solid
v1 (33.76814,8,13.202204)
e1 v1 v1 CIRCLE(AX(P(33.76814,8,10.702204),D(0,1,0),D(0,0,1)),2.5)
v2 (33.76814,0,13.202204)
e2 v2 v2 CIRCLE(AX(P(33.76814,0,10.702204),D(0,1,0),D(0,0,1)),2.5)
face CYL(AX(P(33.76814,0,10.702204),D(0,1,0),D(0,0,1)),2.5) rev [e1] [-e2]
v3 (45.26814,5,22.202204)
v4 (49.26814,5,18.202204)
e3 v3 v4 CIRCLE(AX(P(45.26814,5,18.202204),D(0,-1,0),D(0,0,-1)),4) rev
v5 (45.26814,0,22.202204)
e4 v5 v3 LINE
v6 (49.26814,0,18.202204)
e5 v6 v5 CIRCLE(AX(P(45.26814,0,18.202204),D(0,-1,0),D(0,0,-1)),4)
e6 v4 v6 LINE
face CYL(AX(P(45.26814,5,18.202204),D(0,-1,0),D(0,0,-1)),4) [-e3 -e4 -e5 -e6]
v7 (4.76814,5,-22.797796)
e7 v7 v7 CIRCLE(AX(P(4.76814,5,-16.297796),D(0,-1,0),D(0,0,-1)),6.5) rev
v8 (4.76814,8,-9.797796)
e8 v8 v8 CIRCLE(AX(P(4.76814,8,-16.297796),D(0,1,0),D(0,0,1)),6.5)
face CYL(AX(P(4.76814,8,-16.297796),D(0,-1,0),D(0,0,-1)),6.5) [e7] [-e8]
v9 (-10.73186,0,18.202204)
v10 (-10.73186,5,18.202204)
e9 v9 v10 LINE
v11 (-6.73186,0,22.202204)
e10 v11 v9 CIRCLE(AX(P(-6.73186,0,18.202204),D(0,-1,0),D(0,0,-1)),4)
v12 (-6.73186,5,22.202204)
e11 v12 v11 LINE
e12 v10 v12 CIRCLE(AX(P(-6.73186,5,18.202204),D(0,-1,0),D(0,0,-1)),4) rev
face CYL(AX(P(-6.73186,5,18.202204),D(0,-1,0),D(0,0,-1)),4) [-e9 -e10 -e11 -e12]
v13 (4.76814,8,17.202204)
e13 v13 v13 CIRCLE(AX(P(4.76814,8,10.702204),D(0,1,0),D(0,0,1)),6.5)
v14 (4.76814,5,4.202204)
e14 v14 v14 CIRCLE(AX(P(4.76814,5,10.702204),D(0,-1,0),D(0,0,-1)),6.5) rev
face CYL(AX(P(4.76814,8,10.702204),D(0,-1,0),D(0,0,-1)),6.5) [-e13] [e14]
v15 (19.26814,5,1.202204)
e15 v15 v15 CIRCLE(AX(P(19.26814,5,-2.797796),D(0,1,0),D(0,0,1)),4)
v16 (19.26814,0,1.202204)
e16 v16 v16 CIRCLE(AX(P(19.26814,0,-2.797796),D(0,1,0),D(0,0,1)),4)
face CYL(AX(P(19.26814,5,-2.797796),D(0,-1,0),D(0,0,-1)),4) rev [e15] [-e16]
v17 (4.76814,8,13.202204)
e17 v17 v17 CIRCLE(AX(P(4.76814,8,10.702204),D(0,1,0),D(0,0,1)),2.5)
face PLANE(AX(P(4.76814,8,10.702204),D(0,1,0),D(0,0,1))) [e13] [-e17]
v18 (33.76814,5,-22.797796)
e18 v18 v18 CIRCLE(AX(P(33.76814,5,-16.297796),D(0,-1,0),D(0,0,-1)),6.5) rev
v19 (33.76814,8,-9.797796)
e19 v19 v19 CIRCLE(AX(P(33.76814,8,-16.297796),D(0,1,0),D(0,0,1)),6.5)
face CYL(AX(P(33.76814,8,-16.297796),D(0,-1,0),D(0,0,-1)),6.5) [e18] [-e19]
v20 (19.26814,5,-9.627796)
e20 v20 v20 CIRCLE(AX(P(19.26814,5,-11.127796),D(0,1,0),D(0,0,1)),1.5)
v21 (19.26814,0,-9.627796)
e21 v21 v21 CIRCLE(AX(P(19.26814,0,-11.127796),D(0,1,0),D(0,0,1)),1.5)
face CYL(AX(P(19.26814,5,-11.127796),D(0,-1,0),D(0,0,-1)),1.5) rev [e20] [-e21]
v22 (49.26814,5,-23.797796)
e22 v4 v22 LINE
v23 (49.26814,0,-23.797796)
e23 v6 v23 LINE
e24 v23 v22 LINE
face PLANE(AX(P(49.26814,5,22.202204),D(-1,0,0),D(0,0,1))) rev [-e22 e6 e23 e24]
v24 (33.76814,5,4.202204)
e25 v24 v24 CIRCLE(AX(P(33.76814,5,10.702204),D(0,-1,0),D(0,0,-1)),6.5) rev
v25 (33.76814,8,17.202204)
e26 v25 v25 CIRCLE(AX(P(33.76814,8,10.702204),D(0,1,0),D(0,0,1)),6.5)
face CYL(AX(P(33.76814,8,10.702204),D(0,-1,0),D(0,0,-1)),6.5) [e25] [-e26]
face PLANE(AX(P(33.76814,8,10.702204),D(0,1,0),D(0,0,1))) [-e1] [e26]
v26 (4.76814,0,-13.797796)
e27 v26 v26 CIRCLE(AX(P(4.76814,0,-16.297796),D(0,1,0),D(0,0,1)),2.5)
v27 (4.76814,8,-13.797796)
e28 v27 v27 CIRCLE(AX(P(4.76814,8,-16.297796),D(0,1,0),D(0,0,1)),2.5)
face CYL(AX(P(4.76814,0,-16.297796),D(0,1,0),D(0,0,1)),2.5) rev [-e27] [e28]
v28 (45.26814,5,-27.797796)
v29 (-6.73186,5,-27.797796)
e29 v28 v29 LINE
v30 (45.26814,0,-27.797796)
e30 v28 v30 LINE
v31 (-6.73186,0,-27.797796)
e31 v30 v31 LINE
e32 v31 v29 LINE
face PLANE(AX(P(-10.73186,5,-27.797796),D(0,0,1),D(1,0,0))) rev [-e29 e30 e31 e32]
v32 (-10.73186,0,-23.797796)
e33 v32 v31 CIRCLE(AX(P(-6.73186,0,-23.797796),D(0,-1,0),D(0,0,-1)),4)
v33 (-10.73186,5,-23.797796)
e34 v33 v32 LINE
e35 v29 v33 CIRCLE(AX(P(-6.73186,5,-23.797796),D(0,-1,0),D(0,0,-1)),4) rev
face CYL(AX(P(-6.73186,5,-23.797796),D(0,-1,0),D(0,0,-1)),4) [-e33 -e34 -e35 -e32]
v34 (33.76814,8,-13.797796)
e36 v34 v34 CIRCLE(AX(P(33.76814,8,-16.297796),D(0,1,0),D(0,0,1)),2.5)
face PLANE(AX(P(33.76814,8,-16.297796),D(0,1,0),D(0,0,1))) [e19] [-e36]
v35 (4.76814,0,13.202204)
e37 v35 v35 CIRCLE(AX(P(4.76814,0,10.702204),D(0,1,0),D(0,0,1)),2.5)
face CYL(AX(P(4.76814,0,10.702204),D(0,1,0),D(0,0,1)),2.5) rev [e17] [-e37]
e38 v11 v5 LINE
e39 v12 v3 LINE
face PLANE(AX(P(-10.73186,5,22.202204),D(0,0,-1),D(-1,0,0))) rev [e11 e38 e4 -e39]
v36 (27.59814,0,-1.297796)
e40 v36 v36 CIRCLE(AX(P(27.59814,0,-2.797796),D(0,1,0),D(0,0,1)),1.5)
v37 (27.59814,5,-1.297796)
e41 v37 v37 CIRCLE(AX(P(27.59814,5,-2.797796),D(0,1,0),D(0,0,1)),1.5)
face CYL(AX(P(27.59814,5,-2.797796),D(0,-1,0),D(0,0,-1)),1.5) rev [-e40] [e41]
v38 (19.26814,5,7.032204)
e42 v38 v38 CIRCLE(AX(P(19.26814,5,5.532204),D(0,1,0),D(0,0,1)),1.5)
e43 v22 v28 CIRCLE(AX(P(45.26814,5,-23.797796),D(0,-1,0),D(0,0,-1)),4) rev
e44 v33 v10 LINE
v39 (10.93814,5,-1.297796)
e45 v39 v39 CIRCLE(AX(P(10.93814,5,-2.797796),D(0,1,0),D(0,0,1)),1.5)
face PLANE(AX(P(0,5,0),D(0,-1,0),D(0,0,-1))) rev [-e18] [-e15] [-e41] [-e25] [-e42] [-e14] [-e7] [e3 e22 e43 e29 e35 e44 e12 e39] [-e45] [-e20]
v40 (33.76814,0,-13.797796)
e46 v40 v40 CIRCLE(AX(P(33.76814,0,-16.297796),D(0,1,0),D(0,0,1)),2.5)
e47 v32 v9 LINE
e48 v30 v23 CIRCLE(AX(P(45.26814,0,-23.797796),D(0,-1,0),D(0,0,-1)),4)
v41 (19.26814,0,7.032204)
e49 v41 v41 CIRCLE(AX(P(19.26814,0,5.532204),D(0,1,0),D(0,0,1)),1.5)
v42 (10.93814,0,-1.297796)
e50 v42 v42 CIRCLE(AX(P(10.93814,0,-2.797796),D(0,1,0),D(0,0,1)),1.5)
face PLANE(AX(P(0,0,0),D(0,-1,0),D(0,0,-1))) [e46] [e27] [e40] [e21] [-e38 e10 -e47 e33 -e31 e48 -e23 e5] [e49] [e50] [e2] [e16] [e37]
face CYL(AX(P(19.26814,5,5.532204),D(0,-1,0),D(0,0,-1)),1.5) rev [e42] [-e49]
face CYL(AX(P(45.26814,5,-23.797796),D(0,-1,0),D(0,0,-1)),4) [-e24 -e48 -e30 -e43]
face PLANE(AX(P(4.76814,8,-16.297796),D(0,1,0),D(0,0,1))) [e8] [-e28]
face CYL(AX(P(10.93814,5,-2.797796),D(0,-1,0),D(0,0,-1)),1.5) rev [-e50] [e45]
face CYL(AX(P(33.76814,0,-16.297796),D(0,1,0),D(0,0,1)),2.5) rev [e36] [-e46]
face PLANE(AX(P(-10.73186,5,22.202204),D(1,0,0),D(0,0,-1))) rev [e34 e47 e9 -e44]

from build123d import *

# Parameters (mm, degrees)
SKETCH3_W            = 60
SKETCH3_H            = 50
SKETCH3_R            = 4
SKETCH3_R_2          = 1.5
BOSS_EXTRUDE1_DEPTH  = 5
SKETCH4_R            = 2.5
CUT_EXTRUDE1_DEPTH   = 5
FILLET1_R            = 4
BOSS_EXTRUDE2_START  = 3
SKETCH5_R            = 6.5
SKETCH5_R_2          = 2.5
BOSS_EXTRUDE2_DEPTH  = 3
LPATTERN1_COUNT      = 2
LPATTERN1_PITCH      = 29
LPATTERN1_COUNT_DIR2 = 2
LPATTERN1_PITCH_DIR2 = 27


with BuildPart() as part:
    # Sketch3 → Boss-Extrude1 (new body)
    with BuildSketch(Plane(origin=(0, 0, 0), x_dir=(1, 0, 0), z_dir=(0, 1, 0))):
        with Locations((19.268140366, 2.797796233)):
            Rectangle(SKETCH3_W, SKETCH3_H)
        with Locations(Location((19.268140366, 2.797796233, 0), (0, 0, 270))):
            Circle(SKETCH3_R, mode=Mode.SUBTRACT)
        with Locations(Location((10.938140366, 2.797796233, 0), (0, 0, 270))):
            Circle(SKETCH3_R_2, mode=Mode.SUBTRACT)
        with Locations(Location((19.268140366, 11.127796233, 0), (0, 0, 270))):
            Circle(SKETCH3_R_2, mode=Mode.SUBTRACT)
        with Locations(Location((27.598140366, 2.797796233, 0), (0, 0, 270))):
            Circle(SKETCH3_R_2, mode=Mode.SUBTRACT)
        with Locations(Location((19.268140366, -5.532203767, 0), (0, 0, 270))):
            Circle(SKETCH3_R_2, mode=Mode.SUBTRACT)
    extrude(amount=BOSS_EXTRUDE1_DEPTH)

    # Sketch4 → Cut-Extrude1 (cut)
    with BuildSketch(Plane(origin=(0, 5, 0), x_dir=(1, 0, 0), z_dir=(0, 1, 0))):
        with Locations(Location((4.768140366, 16.297796233, 0), (0, 0, 270))):
            Circle(SKETCH4_R)
        with Locations(Location((33.768140366, 16.297796233, 0), (0, 0, 270))):
            Circle(SKETCH4_R)
        with Locations(Location((33.768140366, -10.702203767, 0), (0, 0, 270))):
            Circle(SKETCH4_R)
        with Locations(Location((4.768140366, -10.702203767, 0), (0, 0, 270))):
            Circle(SKETCH4_R)
    extrude(amount=-CUT_EXTRUDE1_DEPTH, mode=Mode.SUBTRACT)

    # Fillet1
    fillet1_edges = [part.edges().sort_by_distance(p)[0] for p in [
        (-10.731859634, 2.5, -27.797796233),
        (49.268140366, 2.5, -27.797796233),
        (49.268140366, 2.5, 22.202203767),
        (-10.731859634, 2.5, 22.202203767),
    ]]
    fillet(fillet1_edges, radius=FILLET1_R)

    # Sketch5 → Boss-Extrude2 (add)
    with BuildSketch(Plane(origin=(0, 5, 0), x_dir=(1, 0, 0), z_dir=(0, 1, 0)).offset(BOSS_EXTRUDE2_START)):
        with Locations(Location((33.768140366, 16.297796233, 0), (0, 0, 90))):
            Circle(SKETCH5_R)
        with Locations(Location((33.768140366, 16.297796233, 0), (0, 0, 270))):
            Circle(SKETCH5_R_2, mode=Mode.SUBTRACT)
    boss_extrude2 = extrude(amount=-BOSS_EXTRUDE2_DEPTH)

    # LPattern1: Boss-Extrude2 2 × 2
    with Locations(*[(-i * LPATTERN1_PITCH, 0, j * LPATTERN1_PITCH_DIR2) for i in range(LPATTERN1_COUNT) for j in range(LPATTERN1_COUNT_DIR2) if (i, j) != (0, 0)]):
        add(boss_extrude2)


solid = part.part
